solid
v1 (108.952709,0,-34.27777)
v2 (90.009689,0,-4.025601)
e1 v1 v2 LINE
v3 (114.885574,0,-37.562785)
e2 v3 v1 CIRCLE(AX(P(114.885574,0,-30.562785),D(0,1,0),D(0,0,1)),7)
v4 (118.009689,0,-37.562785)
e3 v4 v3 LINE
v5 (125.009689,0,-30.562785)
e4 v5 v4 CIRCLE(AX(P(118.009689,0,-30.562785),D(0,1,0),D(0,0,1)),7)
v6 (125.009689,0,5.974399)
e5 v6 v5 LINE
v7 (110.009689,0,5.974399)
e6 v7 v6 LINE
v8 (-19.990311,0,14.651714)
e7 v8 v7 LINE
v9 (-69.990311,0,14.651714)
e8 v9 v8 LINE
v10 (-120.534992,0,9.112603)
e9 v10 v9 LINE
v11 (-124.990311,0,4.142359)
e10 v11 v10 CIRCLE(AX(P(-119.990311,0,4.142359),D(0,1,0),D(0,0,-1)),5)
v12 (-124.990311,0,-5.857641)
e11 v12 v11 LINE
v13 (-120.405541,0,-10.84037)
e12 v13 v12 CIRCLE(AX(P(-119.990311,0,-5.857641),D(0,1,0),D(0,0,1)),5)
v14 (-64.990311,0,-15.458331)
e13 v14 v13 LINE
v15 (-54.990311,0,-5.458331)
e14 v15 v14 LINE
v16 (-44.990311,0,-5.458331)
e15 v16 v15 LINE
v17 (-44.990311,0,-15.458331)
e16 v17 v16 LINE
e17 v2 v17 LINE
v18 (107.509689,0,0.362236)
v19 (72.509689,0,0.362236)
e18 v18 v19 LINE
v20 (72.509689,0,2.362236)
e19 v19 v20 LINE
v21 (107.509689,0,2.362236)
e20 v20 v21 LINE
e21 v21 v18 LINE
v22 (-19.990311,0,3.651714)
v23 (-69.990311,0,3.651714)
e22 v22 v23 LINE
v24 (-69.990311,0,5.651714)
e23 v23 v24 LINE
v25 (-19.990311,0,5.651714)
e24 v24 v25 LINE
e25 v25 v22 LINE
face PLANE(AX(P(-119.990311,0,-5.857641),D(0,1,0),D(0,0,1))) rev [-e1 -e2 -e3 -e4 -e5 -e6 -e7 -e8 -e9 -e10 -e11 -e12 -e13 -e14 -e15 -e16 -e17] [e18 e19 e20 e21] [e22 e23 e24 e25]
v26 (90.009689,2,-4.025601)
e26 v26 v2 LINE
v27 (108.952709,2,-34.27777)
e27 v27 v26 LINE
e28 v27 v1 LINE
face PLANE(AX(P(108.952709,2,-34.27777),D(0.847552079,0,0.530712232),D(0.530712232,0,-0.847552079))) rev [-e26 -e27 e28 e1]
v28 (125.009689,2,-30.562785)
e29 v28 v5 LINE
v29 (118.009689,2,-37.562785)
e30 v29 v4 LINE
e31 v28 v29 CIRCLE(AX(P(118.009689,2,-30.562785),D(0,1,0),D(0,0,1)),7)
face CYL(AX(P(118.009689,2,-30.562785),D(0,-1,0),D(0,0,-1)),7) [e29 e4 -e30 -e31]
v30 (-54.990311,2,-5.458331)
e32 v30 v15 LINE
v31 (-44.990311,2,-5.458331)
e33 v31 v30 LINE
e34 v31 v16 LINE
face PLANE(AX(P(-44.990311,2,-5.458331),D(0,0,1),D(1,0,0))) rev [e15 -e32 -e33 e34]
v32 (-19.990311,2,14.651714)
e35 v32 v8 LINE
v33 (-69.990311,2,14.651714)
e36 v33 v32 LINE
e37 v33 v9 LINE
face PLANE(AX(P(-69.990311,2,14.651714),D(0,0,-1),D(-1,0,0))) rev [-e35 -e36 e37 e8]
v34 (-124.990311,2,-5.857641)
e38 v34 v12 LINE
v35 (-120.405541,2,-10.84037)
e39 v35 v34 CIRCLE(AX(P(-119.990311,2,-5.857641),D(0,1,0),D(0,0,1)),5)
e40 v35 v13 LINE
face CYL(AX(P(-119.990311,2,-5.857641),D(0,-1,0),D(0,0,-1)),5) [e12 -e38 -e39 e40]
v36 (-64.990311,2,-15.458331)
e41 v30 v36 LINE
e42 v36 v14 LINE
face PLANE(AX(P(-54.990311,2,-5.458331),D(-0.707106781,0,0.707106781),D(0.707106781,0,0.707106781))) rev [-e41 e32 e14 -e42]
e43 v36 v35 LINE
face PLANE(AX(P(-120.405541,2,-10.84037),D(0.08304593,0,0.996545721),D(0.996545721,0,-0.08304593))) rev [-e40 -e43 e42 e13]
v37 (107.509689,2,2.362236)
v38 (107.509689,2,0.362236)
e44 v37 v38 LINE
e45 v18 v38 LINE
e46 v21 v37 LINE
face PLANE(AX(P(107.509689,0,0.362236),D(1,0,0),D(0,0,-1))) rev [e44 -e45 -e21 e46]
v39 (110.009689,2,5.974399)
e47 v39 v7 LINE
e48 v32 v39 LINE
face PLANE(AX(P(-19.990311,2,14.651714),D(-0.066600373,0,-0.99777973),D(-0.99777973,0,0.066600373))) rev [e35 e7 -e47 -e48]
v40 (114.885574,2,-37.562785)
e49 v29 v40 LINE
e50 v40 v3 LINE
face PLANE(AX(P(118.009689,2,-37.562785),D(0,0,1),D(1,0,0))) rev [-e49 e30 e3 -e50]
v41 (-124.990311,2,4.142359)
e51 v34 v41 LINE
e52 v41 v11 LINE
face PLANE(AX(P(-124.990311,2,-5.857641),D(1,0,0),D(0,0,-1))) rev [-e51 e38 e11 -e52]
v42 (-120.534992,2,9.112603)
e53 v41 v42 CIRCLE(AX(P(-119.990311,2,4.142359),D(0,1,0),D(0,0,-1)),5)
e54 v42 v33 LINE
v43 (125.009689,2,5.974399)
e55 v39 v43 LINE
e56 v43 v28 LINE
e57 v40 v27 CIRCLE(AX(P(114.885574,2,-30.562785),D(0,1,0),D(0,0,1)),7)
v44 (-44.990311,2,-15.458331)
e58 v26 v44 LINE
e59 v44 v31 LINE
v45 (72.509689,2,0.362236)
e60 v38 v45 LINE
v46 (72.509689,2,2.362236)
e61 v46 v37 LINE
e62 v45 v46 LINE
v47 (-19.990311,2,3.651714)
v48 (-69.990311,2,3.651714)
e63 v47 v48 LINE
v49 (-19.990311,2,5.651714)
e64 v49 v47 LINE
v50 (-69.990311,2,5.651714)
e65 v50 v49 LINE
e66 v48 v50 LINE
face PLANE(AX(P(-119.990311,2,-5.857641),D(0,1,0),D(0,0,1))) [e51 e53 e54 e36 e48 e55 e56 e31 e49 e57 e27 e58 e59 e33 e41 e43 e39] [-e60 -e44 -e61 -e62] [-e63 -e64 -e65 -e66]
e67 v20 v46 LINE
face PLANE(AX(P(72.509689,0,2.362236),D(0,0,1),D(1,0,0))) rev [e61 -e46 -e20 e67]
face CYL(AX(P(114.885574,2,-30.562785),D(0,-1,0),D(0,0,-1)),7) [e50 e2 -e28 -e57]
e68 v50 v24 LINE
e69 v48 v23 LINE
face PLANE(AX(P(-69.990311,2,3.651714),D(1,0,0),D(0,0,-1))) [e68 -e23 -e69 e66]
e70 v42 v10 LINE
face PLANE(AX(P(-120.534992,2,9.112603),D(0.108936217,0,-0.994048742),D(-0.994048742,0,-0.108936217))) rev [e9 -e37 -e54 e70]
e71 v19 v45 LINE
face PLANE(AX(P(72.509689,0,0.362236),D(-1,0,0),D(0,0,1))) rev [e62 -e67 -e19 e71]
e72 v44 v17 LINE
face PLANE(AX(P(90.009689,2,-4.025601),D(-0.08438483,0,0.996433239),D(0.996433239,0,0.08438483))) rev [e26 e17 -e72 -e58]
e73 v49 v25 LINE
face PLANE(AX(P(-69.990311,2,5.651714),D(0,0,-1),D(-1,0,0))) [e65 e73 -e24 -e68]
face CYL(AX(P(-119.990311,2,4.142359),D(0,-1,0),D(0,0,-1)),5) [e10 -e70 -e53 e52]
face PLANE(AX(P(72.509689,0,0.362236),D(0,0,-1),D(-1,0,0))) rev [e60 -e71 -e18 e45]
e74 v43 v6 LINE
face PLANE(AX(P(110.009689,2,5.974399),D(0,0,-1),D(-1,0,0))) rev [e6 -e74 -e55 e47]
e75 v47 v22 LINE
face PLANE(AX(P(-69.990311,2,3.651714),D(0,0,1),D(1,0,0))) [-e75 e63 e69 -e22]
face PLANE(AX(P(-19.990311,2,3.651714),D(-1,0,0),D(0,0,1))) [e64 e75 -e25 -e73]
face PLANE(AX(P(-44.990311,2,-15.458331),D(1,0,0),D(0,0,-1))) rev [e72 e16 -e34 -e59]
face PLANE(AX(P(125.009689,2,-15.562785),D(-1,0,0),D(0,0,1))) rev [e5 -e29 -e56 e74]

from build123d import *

# Parameters (mm, degrees)
SKETCH1_W           = 50
SKETCH1_H           = 2
BOSS_EXTRUDE1_DEPTH = 2
SKETCH6_W           = 35
SKETCH6_H           = 2
CUT_EXTRUDE1_DEPTH  = 2


with BuildPart() as part:
    # Sketch1 → Boss-Extrude1 (new body)
    with BuildSketch(Plane(origin=(0, 0, 0), x_dir=(1, 0, 0), z_dir=(0, 1, 0))):
        with BuildLine():
            Line((-120.405540847, 10.840369707), (-64.990311195, 15.45833074))
            Line((-64.990311195, 15.45833074), (-54.990311195, 5.45833074))
            Line((-54.990311195, 5.45833074), (-44.990311195, 5.45833074))
            Line((-44.990311195, 5.45833074), (-44.990311195, 15.45833074))
            Line((-44.990311195, 15.45833074), (90.009688805, 4.0256009))
            Line((90.009688805, 4.0256009), (108.952709235, 34.277770331))
            ThreePointArc((108.952709235, 34.277770331), (111.494770003, 36.686709078), (114.88557379, 37.562784709))
            Line((114.88557379, 37.562784709), (118.009688805, 37.562784709))
            ThreePointArc((118.009688805, 37.562784709), (122.959436273, 35.512532177), (125.009688805, 30.562784709))
            Line((125.009688805, 30.562784709), (125.009688805, 15.562784709))
            Line((125.009688805, 15.562784709), (125.009688805, -5.9743991))
            Line((125.009688805, -5.9743991), (110.009688805, -5.9743991))
            Line((110.009688805, -5.9743991), (-19.990311195, -14.651713609))
            Line((-19.990311195, -14.651713609), (-69.990311195, -14.651713609))
            Line((-69.990311195, -14.651713609), (-120.534992278, -9.112602605))
            ThreePointArc((-120.534992278, -9.112602605), (-123.713441962, -7.479767666), (-124.990311195, -4.142358897))
            Line((-124.990311195, -4.142358897), (-124.990311195, 5.857641103))
            ThreePointArc((-124.990311195, 5.857641103), (-123.669723394, 9.243187717), (-120.405540847, 10.840369707))
        make_face()
        with Locations((-44.990311195, -4.651713609)):
            Rectangle(SKETCH1_W, SKETCH1_H, mode=Mode.SUBTRACT)
    extrude(amount=BOSS_EXTRUDE1_DEPTH)

    # Sketch6 → Cut-Extrude1 (cut)
    with BuildSketch(Plane(origin=(0, 2, 0), x_dir=(1, 0, 0), z_dir=(0, 1, 0))):
        with Locations((90.009688805, -1.362235571)):
            Rectangle(SKETCH6_W, SKETCH6_H)
    extrude(amount=-CUT_EXTRUDE1_DEPTH, mode=Mode.SUBTRACT)


solid = part.part
